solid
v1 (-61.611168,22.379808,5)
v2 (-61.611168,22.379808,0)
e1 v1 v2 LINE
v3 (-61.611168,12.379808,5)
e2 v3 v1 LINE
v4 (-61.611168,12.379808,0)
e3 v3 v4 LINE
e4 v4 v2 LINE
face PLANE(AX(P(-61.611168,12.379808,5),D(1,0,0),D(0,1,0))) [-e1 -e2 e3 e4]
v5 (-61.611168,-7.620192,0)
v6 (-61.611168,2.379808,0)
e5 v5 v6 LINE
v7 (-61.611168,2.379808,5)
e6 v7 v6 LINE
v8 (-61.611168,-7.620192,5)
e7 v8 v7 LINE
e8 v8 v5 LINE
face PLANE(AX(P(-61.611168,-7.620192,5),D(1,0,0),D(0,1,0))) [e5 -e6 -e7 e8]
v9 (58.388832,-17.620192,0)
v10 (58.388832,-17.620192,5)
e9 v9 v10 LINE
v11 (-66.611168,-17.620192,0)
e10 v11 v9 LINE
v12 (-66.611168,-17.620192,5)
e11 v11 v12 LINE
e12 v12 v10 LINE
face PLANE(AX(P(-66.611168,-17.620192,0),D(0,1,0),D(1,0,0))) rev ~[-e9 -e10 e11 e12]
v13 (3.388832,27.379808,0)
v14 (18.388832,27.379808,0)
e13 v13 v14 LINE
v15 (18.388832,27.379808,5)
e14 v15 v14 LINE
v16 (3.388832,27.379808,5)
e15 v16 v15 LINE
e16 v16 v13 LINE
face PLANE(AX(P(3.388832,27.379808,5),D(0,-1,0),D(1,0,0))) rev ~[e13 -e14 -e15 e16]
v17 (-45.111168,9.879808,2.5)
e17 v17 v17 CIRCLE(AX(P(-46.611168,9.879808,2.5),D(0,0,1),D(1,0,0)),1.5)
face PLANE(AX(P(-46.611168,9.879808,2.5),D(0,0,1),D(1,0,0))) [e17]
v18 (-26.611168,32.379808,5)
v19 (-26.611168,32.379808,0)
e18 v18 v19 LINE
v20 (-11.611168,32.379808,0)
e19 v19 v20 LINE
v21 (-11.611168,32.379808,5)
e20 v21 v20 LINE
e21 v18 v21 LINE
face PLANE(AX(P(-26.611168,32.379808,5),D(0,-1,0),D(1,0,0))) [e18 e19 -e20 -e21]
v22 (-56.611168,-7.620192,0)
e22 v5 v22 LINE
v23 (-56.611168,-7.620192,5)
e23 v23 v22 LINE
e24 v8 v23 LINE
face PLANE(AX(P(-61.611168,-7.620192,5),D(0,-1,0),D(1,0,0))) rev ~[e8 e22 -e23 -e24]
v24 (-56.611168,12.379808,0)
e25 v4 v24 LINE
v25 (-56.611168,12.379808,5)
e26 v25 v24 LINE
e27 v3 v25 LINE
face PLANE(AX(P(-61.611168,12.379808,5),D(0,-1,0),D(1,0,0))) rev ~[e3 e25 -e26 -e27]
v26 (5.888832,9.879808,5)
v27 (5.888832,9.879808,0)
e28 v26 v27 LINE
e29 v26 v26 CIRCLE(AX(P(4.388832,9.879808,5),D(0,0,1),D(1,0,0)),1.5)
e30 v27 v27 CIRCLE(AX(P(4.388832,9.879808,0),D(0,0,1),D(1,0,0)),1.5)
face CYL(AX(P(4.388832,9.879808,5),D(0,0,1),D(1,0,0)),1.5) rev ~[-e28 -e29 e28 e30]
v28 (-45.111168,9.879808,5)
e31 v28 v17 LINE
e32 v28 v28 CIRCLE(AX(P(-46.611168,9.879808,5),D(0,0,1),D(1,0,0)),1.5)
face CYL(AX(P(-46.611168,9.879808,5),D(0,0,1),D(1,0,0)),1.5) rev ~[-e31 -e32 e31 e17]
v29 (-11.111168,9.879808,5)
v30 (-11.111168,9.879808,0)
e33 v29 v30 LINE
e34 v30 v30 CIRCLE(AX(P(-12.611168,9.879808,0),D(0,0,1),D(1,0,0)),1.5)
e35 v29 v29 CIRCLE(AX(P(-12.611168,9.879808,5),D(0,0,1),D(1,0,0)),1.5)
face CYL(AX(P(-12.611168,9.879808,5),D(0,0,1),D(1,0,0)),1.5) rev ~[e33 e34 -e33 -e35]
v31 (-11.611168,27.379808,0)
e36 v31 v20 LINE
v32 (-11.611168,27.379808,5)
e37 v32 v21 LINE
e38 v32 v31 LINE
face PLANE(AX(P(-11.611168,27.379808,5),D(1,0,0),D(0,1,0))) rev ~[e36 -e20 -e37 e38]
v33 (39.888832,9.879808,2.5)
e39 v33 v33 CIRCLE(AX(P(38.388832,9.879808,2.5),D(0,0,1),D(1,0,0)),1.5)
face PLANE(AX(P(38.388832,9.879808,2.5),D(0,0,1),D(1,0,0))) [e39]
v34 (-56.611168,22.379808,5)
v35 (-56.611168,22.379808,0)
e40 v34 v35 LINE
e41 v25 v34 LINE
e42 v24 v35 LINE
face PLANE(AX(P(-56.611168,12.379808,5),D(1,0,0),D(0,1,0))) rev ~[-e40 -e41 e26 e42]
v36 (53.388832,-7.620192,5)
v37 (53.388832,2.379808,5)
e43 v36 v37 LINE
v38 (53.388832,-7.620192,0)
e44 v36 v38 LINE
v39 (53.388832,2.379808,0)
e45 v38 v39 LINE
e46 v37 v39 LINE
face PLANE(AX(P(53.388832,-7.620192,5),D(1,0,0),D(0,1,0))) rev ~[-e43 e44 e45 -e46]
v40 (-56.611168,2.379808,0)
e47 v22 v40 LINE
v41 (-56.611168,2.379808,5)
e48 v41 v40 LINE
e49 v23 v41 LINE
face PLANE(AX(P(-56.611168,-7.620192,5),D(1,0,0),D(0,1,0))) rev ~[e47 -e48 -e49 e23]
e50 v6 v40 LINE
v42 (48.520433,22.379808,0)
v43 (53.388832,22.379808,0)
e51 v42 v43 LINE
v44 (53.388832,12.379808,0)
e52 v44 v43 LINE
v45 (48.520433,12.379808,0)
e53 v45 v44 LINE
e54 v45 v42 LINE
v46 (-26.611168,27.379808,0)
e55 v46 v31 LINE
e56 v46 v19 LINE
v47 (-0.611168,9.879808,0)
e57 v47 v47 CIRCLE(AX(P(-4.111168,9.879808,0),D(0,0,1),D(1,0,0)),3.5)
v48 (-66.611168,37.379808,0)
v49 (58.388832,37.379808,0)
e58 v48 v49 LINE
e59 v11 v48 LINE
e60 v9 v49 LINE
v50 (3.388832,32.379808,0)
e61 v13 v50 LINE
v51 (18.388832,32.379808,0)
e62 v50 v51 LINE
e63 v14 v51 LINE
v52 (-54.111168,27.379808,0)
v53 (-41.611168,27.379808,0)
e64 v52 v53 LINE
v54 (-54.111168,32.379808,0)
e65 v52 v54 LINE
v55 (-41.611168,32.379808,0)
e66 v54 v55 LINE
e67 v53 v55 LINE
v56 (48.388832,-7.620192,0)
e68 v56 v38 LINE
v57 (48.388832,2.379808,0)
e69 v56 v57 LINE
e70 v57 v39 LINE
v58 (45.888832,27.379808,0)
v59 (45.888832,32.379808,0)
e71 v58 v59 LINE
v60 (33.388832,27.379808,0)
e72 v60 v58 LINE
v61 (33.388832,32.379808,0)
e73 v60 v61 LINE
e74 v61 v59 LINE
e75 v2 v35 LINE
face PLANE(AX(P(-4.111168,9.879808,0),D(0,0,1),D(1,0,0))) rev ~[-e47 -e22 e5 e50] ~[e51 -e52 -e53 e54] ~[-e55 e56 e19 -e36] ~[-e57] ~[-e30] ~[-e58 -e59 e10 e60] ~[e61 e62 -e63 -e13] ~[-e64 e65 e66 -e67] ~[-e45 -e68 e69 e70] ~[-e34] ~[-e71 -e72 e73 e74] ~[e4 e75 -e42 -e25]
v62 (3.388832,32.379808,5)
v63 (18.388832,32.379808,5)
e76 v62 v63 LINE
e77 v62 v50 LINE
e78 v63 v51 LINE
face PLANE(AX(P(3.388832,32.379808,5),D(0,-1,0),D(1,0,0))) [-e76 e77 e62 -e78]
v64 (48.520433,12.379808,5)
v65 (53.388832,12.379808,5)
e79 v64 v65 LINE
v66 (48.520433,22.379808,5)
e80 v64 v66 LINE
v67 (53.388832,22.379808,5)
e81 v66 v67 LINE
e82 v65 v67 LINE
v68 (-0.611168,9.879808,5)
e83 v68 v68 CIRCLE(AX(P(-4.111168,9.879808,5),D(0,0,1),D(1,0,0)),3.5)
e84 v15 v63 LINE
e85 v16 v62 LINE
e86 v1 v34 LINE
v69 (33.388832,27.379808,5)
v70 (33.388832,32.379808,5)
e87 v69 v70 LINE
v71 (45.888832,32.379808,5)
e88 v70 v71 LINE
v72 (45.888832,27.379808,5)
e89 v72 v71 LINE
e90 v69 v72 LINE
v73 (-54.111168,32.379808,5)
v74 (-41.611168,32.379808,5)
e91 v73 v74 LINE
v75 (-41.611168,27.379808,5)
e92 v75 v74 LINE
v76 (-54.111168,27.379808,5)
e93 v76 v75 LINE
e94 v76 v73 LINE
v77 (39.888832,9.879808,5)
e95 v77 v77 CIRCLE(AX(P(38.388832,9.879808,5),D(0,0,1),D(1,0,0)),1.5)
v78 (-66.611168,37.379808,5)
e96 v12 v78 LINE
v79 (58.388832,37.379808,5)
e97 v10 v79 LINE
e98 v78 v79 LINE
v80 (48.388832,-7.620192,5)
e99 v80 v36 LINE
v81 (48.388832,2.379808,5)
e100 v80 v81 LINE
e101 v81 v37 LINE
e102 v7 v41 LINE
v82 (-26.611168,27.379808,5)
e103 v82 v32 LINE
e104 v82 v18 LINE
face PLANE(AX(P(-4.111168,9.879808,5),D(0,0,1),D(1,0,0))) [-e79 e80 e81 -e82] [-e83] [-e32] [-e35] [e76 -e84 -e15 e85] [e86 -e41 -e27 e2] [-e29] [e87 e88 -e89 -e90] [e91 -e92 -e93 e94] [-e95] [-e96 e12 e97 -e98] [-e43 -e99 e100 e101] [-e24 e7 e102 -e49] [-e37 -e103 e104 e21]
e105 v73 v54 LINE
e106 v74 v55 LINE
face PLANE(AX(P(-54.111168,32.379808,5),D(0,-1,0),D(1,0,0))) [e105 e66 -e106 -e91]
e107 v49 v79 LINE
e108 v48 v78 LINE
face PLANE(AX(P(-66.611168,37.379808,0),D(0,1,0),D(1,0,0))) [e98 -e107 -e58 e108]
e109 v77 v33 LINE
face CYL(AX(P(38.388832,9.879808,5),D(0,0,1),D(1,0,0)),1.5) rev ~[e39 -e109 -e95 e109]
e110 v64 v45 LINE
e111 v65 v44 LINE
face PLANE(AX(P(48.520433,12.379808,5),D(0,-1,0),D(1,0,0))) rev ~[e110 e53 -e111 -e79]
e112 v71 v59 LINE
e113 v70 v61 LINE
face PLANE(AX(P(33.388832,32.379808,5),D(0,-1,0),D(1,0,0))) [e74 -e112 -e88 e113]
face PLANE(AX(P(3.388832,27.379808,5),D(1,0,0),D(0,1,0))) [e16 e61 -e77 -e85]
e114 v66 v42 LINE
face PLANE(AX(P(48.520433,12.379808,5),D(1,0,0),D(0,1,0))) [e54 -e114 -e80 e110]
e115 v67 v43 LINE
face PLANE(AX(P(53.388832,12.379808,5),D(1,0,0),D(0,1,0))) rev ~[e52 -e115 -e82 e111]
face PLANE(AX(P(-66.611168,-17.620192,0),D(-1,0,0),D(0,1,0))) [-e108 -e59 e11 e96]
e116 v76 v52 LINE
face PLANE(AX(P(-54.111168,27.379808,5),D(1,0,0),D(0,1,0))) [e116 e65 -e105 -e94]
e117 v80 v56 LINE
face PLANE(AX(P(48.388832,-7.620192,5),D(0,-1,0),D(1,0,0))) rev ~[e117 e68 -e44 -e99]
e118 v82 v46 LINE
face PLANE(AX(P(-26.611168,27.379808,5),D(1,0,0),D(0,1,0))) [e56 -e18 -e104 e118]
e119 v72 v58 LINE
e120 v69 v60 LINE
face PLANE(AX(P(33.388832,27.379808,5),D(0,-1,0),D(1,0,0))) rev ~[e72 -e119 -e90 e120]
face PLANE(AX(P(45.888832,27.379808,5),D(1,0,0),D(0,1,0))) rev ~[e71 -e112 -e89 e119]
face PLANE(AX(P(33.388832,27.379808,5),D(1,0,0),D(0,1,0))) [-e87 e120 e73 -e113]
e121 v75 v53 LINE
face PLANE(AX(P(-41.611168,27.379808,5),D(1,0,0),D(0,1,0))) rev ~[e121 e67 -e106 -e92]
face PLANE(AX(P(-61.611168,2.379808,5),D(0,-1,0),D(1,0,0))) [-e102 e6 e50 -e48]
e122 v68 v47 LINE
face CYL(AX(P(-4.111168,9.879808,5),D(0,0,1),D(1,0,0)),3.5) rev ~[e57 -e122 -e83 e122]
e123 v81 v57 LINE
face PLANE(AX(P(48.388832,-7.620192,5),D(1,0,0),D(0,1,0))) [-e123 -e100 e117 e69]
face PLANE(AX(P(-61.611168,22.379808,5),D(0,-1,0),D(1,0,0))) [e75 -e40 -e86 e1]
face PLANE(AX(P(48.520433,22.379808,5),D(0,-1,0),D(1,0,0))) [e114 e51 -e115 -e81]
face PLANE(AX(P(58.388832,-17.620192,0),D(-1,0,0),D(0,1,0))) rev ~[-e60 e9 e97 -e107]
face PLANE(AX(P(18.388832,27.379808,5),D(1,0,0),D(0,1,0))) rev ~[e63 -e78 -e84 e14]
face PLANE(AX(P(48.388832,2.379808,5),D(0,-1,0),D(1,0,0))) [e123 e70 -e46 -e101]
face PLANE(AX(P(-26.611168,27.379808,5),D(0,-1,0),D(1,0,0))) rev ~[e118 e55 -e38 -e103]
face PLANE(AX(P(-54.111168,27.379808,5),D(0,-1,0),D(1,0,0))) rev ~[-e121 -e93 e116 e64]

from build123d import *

# Parameters (mm, degrees)
ESQUISSE1_W             = 125
ESQUISSE1_H             = 55
BOSS_EXTRU_3_DEPTH      = 5
ESQUISSE2_R             = 3.5
ENL_V_MAT_EXTRU_1_DEPTH = 5
ESQUISSE3_W             = 4.868398839
ESQUISSE3_H             = 10
ESQUISSE3_W_2           = 5
ESQUISSE3_W_3           = 12.5
ESQUISSE3_H_2           = 5
ESQUISSE3_W_4           = 15
ENL_V_MAT_EXTRU_2_DEPTH = 5
ESQUISSE4_R             = 1.5
ENL_V_MAT_EXTRU_3_DEPTH = 2.5
ESQUISSE5_R             = 1.5
ENL_V_MAT_EXTRU_4_DEPTH = 77.546049734


with BuildPart() as part:
    # Esquisse1 → Boss.-Extru.3 (new body)
    with BuildSketch(Plane.XY):
        with Locations((-4.111168033, 9.879807692)):
            Rectangle(ESQUISSE1_W, ESQUISSE1_H)
    extrude(amount=BOSS_EXTRU_3_DEPTH)

    # Esquisse2 → Enlèv. mat.-Extru.1 (cut)
    with BuildSketch(Plane.XY.offset(5)):
        with Locations((-4.111168033, 9.879807692)):
            Circle(ESQUISSE2_R)
    extrude(amount=-ENL_V_MAT_EXTRU_1_DEPTH, mode=Mode.SUBTRACT)

    # Esquisse3 → Enlèv. mat.-Extru.2 (cut)
    with BuildSketch(Plane.XY.offset(5)):
        with Locations((50.954632547, 17.379807692)):
            Rectangle(ESQUISSE3_W, ESQUISSE3_H)
        with Locations((50.888831967, -2.620192308)):
            Rectangle(ESQUISSE3_W_2, ESQUISSE3_H)
        with Locations((-59.111168033, 17.379807692)):
            Rectangle(ESQUISSE3_W_2, ESQUISSE3_H)
        with Locations((-59.111168033, -2.620192308)):
            Rectangle(ESQUISSE3_W_2, ESQUISSE3_H)
        with Locations((-47.861168033, 29.879807692)):
            Rectangle(ESQUISSE3_W_3, ESQUISSE3_H_2)
        with Locations((-19.111168033, 29.879807692)):
            Rectangle(ESQUISSE3_W_4, ESQUISSE3_H_2)
        with Locations((10.888831967, 29.879807692)):
            Rectangle(ESQUISSE3_W_4, ESQUISSE3_H_2)
        with Locations((39.638831967, 29.879807692)):
            Rectangle(ESQUISSE3_W_3, ESQUISSE3_H_2)
    extrude(amount=-ENL_V_MAT_EXTRU_2_DEPTH, mode=Mode.SUBTRACT)

    # Esquisse4 → Enlèv. mat.-Extru.3 (cut)
    with BuildSketch(Plane.XY.offset(5)):
        with Locations((-46.611168033, 9.879807692)):
            Circle(ESQUISSE4_R)
        with Locations((38.388831967, 9.879807692)):
            Circle(ESQUISSE4_R)
    extrude(amount=-ENL_V_MAT_EXTRU_3_DEPTH, mode=Mode.SUBTRACT)

    # Esquisse5 → Enlèv. mat.-Extru.4 (cut, through all)
    with BuildSketch(Plane.XY.offset(5)):
        with Locations((4.388831967, 9.879807692)):
            Circle(ESQUISSE5_R)
        with Locations((-12.611168033, 9.879807692)):
            Circle(ESQUISSE5_R)
    extrude(amount=-ENL_V_MAT_EXTRU_4_DEPTH, mode=Mode.SUBTRACT)


solid = part.part
